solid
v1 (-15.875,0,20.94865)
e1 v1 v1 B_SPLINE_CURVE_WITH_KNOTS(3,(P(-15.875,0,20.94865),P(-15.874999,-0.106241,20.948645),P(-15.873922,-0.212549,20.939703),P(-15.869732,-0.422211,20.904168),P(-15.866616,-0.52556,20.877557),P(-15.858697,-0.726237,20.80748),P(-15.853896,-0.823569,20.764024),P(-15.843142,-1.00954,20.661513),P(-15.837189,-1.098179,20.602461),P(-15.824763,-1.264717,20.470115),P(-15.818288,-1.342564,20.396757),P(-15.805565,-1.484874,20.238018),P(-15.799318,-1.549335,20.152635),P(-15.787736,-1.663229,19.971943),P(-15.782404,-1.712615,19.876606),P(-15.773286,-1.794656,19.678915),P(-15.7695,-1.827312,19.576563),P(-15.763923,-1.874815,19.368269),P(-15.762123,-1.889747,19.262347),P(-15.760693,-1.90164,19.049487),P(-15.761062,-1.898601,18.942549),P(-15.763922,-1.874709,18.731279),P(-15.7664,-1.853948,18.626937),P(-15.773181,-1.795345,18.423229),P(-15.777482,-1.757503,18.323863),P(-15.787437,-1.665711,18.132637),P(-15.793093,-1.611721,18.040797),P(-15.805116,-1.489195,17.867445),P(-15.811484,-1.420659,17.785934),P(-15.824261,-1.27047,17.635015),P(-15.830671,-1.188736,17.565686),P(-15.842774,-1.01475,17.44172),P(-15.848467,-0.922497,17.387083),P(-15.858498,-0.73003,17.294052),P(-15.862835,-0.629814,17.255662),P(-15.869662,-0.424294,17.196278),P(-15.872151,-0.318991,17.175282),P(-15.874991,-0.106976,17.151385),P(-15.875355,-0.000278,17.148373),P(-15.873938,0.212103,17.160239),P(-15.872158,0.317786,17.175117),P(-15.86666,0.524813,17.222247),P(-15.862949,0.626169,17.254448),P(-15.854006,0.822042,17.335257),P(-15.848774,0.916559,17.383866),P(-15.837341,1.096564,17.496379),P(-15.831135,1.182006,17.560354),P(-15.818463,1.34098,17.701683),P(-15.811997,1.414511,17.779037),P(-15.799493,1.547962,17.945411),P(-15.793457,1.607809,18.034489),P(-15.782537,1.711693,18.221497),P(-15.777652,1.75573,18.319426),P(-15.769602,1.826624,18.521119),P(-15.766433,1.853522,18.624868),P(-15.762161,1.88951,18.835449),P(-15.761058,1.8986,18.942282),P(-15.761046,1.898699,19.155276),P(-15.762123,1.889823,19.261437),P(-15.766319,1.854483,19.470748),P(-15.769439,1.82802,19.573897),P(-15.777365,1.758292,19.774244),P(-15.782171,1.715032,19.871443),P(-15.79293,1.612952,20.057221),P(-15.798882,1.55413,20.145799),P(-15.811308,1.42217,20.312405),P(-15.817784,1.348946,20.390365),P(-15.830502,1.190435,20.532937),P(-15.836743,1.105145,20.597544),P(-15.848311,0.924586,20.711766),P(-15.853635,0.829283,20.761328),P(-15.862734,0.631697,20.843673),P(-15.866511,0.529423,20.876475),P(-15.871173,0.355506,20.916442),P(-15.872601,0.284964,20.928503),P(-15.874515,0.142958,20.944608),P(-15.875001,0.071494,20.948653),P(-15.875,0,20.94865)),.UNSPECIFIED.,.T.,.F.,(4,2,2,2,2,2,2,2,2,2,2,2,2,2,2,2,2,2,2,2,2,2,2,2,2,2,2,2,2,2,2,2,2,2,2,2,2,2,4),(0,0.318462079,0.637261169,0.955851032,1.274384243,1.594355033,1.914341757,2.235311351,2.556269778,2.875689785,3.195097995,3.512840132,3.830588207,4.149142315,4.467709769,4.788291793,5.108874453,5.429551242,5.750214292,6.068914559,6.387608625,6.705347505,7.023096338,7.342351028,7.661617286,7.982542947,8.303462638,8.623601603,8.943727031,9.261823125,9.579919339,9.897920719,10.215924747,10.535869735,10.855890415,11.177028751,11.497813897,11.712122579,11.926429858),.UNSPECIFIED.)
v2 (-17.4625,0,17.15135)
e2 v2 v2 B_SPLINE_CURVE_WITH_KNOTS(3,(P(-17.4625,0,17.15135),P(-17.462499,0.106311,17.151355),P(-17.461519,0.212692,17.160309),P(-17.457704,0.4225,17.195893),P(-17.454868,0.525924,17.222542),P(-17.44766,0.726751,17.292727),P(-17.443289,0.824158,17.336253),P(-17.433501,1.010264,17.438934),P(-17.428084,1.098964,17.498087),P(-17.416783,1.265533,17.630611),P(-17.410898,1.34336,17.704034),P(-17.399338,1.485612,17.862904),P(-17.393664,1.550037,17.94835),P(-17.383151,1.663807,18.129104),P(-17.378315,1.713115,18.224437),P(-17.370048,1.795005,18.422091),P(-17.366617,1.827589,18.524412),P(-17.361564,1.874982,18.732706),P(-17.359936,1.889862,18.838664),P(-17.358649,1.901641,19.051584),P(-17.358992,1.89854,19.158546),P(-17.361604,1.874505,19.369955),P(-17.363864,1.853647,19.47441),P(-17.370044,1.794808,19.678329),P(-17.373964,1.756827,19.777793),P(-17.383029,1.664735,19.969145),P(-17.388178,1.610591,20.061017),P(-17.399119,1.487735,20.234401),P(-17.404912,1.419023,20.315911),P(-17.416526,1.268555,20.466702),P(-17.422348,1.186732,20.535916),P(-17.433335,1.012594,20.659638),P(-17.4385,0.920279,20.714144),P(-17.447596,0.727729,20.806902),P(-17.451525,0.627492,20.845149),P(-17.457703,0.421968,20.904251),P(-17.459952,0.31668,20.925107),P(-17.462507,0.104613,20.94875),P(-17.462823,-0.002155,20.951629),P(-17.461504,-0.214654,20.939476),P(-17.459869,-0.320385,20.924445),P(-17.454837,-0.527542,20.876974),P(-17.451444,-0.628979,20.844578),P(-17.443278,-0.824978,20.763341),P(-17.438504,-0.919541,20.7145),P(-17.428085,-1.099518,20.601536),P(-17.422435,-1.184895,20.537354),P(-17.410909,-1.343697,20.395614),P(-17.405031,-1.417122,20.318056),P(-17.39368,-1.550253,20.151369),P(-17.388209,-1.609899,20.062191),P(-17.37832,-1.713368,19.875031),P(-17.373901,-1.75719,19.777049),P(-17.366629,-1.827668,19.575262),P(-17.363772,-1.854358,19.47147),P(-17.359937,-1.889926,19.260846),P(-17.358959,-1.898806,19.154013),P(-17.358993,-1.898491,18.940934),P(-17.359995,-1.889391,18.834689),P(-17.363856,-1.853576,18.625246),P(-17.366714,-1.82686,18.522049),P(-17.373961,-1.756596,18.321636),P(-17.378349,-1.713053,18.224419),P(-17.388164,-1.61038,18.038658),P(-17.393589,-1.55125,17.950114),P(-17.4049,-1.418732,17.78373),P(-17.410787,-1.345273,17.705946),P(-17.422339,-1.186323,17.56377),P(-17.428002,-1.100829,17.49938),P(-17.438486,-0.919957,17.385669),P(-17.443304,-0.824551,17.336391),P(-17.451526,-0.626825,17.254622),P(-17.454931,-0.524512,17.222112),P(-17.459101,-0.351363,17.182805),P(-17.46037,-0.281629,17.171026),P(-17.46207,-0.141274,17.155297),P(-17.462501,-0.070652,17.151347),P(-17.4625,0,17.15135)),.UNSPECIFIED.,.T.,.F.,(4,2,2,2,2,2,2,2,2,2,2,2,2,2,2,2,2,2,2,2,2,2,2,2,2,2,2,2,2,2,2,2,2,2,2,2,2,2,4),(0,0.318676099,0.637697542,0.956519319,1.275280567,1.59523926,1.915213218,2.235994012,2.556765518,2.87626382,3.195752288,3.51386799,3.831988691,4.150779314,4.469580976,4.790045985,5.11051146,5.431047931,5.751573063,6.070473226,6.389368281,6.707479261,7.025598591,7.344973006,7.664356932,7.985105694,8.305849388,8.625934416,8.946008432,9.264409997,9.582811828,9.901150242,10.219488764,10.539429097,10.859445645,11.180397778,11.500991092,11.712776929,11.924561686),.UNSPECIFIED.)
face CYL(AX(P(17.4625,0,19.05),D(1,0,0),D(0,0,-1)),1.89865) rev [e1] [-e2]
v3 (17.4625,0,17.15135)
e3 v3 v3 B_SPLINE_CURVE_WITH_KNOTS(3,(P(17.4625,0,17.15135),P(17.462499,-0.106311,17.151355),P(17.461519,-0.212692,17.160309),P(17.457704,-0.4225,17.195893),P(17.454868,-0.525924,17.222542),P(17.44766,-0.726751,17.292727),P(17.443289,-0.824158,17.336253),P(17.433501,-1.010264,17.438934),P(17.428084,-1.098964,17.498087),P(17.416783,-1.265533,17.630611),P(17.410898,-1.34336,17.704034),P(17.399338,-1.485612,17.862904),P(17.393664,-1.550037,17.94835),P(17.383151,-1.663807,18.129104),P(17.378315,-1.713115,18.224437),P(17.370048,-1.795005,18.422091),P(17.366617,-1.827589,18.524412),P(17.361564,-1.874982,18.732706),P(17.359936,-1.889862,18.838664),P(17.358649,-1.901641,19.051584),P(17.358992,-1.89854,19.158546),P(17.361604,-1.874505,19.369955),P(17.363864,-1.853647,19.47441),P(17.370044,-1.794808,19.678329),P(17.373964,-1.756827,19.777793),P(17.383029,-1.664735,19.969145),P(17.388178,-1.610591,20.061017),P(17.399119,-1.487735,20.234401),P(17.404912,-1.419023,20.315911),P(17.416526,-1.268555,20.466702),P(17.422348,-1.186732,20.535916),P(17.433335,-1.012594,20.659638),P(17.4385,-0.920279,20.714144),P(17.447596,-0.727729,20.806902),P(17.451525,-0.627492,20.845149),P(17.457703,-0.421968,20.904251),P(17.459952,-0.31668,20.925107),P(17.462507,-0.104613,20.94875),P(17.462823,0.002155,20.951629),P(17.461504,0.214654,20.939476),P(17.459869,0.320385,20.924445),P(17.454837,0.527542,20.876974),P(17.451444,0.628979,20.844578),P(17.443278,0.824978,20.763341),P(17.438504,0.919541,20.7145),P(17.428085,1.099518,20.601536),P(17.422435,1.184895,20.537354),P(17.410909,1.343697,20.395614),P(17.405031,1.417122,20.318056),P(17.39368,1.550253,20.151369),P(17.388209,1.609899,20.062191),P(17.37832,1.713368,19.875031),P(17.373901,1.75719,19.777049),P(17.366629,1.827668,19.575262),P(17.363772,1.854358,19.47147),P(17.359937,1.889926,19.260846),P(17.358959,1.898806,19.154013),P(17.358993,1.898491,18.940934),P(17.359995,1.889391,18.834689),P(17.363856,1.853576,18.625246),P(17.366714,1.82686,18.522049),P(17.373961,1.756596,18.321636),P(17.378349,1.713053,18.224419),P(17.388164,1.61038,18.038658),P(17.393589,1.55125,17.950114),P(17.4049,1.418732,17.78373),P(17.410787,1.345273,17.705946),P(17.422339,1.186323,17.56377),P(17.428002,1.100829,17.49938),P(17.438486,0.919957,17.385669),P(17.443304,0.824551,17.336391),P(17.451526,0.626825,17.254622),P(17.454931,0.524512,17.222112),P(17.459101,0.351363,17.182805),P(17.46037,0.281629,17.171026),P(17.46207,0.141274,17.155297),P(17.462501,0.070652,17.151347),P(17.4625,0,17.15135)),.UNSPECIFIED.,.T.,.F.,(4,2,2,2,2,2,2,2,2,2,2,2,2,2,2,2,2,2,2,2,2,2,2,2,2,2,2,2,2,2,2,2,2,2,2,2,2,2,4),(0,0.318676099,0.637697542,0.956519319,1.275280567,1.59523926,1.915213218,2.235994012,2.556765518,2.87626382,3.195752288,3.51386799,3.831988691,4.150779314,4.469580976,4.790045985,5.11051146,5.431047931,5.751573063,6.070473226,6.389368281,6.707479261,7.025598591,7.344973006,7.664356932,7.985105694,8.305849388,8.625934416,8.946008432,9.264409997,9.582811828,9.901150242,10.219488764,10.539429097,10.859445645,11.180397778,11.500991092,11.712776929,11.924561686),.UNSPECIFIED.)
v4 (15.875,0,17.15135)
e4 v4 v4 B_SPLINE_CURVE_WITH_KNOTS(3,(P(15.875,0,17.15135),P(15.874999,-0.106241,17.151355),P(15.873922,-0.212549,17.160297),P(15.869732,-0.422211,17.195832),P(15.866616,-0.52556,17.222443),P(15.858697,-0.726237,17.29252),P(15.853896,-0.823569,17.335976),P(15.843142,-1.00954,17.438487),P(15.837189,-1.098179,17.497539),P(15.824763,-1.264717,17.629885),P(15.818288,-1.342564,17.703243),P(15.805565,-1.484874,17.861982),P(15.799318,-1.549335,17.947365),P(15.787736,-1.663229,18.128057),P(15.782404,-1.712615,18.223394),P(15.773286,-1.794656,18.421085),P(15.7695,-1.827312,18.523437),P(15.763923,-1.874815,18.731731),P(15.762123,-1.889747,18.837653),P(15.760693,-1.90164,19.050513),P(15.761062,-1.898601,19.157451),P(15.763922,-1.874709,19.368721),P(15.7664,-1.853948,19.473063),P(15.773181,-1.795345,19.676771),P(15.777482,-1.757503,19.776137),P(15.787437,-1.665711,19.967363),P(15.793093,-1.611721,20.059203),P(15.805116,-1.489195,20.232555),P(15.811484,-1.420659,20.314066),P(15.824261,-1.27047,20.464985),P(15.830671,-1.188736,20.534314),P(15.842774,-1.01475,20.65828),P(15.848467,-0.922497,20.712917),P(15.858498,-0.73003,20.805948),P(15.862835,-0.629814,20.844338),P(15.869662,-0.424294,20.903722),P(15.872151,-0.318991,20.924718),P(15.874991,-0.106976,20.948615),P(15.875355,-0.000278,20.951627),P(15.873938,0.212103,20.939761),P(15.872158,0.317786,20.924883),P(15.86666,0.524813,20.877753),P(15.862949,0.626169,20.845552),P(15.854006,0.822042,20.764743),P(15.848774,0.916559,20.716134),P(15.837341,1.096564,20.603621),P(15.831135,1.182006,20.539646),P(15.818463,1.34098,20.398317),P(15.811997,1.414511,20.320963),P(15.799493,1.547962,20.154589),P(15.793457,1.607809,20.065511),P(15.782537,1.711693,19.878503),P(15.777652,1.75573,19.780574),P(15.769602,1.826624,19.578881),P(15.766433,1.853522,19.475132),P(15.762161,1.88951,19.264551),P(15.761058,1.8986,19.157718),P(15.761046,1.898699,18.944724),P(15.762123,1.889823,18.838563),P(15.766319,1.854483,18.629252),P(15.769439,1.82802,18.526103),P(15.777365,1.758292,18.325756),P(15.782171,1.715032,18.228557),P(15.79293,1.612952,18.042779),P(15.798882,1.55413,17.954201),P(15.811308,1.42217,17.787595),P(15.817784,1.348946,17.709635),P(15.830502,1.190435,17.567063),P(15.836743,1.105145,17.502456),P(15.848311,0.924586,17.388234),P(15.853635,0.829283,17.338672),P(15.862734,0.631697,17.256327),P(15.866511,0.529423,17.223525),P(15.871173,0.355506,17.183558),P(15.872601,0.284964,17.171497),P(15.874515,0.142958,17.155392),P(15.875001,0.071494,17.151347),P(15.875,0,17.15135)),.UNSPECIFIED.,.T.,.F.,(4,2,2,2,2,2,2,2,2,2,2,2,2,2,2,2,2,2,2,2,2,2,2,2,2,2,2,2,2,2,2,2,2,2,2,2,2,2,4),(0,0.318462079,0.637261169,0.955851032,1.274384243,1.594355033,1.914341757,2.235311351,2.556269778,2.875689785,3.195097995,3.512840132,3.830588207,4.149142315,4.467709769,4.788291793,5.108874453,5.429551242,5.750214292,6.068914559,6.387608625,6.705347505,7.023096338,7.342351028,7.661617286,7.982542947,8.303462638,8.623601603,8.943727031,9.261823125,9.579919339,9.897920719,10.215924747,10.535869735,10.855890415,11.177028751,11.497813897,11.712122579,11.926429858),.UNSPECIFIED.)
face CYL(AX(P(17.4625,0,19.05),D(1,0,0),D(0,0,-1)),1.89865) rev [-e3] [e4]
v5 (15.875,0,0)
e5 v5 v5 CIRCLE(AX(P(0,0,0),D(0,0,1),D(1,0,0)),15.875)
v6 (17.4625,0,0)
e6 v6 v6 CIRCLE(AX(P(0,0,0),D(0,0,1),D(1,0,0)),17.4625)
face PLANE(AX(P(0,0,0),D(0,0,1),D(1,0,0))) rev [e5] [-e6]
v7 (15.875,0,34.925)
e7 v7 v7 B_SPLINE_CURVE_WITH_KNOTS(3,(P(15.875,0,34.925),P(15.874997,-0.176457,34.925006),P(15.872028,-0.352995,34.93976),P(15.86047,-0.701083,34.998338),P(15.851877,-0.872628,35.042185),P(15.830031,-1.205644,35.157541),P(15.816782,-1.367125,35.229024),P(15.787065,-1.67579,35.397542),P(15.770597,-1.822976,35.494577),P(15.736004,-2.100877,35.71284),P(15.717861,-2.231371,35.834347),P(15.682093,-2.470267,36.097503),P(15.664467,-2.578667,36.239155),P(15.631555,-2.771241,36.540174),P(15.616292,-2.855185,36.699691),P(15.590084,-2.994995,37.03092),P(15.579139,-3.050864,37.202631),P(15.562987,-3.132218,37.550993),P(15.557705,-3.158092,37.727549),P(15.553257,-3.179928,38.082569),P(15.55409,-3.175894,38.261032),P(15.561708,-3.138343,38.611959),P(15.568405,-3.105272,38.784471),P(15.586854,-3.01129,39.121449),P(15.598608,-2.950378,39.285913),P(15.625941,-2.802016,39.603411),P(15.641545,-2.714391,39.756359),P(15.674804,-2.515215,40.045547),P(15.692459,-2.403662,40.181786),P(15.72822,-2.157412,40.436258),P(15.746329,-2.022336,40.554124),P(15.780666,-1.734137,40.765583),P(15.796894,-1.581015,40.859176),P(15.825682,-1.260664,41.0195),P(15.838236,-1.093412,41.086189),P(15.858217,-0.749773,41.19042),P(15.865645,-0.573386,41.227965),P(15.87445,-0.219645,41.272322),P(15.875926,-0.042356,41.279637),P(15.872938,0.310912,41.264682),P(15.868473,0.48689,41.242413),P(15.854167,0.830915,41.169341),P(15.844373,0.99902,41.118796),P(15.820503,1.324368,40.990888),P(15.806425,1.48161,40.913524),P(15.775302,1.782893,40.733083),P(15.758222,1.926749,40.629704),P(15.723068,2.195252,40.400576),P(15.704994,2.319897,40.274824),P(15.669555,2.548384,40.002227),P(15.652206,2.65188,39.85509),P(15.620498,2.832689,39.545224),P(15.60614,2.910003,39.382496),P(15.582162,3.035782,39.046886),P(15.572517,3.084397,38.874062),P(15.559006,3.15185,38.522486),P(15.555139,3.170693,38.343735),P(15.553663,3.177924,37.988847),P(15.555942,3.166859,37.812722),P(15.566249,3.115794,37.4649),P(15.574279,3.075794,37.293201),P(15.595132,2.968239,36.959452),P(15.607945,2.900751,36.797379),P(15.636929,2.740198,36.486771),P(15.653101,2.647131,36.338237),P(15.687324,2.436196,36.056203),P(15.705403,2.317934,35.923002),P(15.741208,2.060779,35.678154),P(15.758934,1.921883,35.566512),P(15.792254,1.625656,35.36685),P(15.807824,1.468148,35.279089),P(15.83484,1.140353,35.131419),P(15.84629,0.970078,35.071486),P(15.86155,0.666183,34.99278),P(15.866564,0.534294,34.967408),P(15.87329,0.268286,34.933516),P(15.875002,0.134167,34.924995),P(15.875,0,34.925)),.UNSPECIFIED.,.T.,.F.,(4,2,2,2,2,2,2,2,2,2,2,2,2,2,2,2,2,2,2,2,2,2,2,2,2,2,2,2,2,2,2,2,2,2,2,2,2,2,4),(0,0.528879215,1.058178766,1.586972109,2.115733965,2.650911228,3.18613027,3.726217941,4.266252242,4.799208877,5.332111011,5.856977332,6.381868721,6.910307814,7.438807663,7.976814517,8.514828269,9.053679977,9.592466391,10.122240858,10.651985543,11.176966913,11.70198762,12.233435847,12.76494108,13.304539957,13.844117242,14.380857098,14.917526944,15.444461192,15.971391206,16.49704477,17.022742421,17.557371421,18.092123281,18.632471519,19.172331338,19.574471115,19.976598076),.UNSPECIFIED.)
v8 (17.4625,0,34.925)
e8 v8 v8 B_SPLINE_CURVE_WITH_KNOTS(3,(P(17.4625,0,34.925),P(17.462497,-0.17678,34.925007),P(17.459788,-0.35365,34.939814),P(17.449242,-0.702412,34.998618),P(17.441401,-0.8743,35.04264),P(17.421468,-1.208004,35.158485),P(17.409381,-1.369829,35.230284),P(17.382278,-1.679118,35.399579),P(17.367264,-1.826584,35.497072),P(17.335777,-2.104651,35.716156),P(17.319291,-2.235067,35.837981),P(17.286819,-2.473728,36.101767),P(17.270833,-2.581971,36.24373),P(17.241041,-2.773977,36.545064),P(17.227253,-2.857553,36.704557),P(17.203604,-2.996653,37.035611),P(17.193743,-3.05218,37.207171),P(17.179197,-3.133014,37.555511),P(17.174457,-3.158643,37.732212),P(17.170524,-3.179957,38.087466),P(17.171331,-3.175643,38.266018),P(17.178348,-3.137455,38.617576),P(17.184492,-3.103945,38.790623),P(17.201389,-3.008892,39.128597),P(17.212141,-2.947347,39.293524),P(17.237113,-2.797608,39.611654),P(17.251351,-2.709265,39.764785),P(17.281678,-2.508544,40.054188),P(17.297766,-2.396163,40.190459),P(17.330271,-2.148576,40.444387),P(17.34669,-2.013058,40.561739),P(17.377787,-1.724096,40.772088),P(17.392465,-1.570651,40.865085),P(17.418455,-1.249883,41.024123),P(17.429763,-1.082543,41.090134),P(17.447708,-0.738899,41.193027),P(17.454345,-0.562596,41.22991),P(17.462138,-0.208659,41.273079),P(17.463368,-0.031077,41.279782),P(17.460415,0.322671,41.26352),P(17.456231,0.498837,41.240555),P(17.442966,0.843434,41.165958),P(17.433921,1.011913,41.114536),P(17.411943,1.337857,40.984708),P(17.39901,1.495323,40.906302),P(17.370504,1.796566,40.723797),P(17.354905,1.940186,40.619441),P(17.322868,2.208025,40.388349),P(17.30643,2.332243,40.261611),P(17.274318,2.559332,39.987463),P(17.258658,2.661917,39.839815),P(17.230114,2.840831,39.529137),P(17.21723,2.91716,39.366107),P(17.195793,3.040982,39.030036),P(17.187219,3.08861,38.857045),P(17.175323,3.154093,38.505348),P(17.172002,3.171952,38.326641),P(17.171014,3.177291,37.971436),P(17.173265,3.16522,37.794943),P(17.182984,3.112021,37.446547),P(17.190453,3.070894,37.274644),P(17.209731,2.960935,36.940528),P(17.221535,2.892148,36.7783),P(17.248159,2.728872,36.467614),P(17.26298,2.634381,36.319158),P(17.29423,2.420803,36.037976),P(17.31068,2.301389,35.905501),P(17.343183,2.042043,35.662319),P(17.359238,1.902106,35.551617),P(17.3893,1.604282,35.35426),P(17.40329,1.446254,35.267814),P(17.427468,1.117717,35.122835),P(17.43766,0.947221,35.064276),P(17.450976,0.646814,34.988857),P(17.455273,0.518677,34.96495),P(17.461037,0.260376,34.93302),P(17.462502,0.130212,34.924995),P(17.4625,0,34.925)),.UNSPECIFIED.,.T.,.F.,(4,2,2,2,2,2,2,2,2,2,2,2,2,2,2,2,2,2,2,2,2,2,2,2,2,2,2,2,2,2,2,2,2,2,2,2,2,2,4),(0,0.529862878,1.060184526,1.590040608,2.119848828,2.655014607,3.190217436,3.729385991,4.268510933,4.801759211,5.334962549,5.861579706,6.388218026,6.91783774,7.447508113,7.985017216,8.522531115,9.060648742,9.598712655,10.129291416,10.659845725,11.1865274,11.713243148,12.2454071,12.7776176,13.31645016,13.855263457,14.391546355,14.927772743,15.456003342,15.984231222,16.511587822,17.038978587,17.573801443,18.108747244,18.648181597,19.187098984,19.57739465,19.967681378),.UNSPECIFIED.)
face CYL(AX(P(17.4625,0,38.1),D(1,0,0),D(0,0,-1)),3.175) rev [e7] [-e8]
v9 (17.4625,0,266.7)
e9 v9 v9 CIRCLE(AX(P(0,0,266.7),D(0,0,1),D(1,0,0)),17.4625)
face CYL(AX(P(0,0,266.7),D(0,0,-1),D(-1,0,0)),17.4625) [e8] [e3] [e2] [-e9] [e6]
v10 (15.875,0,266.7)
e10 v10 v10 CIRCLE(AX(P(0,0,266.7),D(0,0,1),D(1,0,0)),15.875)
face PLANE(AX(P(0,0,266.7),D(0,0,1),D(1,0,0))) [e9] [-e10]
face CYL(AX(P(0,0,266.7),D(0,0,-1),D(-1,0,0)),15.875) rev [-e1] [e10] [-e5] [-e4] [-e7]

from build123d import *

# Parameters (mm, degrees)
SKETCH2_R                        = 17.4625
SKETCH2_R_2                      = 15.875
BOSS_EXTRUDE1_DEPTH              = 266.7
F_6_CLEARANCE_HOLE1_D            = 3.7973
F_1_4_0_25_DIAMETER_HOLE1_REACH  = 36.925
F_1_4_0_25_DIAMETER_HOLE1_BORE_R = 3.175


with BuildPart() as part:
    # Sketch2 → Boss-Extrude1 (new body)
    with BuildSketch(Plane.XY):
        Circle(SKETCH2_R)
        Circle(SKETCH2_R_2, mode=Mode.SUBTRACT)
    extrude(amount=BOSS_EXTRUDE1_DEPTH)

    # #6 Clearance Hole1 (through all)
    with Locations(Plane(origin=(17.4625, 0, 19.05), x_dir=(0, 1, 0), z_dir=(1, 0, 0))):
        with Locations((0, 0)):
            Hole(F_6_CLEARANCE_HOLE1_D / 2)

    # 1/4 (0.25) Diameter Hole1 bore (on position points) → 1/4 (0.25) Diameter Hole1 (cut, up to next)
    with BuildSketch(Plane(origin=(17.4625, 0, 38.1), x_dir=(0, 1, 0), z_dir=(1, 0, 0)), mode=Mode.PRIVATE) as f_1_4_0_25_diameter_hole1_sk1:
        Circle(F_1_4_0_25_DIAMETER_HOLE1_BORE_R)
    f_1_4_0_25_diameter_hole1_tool1 = extrude(f_1_4_0_25_diameter_hole1_sk1.sketch, amount=-F_1_4_0_25_DIAMETER_HOLE1_REACH, mode=Mode.PRIVATE) & part.part
    add(f_1_4_0_25_diameter_hole1_tool1.solids().sort_by_distance((17.4625, 0, 38.1))[0], mode=Mode.SUBTRACT)


solid = part.part
